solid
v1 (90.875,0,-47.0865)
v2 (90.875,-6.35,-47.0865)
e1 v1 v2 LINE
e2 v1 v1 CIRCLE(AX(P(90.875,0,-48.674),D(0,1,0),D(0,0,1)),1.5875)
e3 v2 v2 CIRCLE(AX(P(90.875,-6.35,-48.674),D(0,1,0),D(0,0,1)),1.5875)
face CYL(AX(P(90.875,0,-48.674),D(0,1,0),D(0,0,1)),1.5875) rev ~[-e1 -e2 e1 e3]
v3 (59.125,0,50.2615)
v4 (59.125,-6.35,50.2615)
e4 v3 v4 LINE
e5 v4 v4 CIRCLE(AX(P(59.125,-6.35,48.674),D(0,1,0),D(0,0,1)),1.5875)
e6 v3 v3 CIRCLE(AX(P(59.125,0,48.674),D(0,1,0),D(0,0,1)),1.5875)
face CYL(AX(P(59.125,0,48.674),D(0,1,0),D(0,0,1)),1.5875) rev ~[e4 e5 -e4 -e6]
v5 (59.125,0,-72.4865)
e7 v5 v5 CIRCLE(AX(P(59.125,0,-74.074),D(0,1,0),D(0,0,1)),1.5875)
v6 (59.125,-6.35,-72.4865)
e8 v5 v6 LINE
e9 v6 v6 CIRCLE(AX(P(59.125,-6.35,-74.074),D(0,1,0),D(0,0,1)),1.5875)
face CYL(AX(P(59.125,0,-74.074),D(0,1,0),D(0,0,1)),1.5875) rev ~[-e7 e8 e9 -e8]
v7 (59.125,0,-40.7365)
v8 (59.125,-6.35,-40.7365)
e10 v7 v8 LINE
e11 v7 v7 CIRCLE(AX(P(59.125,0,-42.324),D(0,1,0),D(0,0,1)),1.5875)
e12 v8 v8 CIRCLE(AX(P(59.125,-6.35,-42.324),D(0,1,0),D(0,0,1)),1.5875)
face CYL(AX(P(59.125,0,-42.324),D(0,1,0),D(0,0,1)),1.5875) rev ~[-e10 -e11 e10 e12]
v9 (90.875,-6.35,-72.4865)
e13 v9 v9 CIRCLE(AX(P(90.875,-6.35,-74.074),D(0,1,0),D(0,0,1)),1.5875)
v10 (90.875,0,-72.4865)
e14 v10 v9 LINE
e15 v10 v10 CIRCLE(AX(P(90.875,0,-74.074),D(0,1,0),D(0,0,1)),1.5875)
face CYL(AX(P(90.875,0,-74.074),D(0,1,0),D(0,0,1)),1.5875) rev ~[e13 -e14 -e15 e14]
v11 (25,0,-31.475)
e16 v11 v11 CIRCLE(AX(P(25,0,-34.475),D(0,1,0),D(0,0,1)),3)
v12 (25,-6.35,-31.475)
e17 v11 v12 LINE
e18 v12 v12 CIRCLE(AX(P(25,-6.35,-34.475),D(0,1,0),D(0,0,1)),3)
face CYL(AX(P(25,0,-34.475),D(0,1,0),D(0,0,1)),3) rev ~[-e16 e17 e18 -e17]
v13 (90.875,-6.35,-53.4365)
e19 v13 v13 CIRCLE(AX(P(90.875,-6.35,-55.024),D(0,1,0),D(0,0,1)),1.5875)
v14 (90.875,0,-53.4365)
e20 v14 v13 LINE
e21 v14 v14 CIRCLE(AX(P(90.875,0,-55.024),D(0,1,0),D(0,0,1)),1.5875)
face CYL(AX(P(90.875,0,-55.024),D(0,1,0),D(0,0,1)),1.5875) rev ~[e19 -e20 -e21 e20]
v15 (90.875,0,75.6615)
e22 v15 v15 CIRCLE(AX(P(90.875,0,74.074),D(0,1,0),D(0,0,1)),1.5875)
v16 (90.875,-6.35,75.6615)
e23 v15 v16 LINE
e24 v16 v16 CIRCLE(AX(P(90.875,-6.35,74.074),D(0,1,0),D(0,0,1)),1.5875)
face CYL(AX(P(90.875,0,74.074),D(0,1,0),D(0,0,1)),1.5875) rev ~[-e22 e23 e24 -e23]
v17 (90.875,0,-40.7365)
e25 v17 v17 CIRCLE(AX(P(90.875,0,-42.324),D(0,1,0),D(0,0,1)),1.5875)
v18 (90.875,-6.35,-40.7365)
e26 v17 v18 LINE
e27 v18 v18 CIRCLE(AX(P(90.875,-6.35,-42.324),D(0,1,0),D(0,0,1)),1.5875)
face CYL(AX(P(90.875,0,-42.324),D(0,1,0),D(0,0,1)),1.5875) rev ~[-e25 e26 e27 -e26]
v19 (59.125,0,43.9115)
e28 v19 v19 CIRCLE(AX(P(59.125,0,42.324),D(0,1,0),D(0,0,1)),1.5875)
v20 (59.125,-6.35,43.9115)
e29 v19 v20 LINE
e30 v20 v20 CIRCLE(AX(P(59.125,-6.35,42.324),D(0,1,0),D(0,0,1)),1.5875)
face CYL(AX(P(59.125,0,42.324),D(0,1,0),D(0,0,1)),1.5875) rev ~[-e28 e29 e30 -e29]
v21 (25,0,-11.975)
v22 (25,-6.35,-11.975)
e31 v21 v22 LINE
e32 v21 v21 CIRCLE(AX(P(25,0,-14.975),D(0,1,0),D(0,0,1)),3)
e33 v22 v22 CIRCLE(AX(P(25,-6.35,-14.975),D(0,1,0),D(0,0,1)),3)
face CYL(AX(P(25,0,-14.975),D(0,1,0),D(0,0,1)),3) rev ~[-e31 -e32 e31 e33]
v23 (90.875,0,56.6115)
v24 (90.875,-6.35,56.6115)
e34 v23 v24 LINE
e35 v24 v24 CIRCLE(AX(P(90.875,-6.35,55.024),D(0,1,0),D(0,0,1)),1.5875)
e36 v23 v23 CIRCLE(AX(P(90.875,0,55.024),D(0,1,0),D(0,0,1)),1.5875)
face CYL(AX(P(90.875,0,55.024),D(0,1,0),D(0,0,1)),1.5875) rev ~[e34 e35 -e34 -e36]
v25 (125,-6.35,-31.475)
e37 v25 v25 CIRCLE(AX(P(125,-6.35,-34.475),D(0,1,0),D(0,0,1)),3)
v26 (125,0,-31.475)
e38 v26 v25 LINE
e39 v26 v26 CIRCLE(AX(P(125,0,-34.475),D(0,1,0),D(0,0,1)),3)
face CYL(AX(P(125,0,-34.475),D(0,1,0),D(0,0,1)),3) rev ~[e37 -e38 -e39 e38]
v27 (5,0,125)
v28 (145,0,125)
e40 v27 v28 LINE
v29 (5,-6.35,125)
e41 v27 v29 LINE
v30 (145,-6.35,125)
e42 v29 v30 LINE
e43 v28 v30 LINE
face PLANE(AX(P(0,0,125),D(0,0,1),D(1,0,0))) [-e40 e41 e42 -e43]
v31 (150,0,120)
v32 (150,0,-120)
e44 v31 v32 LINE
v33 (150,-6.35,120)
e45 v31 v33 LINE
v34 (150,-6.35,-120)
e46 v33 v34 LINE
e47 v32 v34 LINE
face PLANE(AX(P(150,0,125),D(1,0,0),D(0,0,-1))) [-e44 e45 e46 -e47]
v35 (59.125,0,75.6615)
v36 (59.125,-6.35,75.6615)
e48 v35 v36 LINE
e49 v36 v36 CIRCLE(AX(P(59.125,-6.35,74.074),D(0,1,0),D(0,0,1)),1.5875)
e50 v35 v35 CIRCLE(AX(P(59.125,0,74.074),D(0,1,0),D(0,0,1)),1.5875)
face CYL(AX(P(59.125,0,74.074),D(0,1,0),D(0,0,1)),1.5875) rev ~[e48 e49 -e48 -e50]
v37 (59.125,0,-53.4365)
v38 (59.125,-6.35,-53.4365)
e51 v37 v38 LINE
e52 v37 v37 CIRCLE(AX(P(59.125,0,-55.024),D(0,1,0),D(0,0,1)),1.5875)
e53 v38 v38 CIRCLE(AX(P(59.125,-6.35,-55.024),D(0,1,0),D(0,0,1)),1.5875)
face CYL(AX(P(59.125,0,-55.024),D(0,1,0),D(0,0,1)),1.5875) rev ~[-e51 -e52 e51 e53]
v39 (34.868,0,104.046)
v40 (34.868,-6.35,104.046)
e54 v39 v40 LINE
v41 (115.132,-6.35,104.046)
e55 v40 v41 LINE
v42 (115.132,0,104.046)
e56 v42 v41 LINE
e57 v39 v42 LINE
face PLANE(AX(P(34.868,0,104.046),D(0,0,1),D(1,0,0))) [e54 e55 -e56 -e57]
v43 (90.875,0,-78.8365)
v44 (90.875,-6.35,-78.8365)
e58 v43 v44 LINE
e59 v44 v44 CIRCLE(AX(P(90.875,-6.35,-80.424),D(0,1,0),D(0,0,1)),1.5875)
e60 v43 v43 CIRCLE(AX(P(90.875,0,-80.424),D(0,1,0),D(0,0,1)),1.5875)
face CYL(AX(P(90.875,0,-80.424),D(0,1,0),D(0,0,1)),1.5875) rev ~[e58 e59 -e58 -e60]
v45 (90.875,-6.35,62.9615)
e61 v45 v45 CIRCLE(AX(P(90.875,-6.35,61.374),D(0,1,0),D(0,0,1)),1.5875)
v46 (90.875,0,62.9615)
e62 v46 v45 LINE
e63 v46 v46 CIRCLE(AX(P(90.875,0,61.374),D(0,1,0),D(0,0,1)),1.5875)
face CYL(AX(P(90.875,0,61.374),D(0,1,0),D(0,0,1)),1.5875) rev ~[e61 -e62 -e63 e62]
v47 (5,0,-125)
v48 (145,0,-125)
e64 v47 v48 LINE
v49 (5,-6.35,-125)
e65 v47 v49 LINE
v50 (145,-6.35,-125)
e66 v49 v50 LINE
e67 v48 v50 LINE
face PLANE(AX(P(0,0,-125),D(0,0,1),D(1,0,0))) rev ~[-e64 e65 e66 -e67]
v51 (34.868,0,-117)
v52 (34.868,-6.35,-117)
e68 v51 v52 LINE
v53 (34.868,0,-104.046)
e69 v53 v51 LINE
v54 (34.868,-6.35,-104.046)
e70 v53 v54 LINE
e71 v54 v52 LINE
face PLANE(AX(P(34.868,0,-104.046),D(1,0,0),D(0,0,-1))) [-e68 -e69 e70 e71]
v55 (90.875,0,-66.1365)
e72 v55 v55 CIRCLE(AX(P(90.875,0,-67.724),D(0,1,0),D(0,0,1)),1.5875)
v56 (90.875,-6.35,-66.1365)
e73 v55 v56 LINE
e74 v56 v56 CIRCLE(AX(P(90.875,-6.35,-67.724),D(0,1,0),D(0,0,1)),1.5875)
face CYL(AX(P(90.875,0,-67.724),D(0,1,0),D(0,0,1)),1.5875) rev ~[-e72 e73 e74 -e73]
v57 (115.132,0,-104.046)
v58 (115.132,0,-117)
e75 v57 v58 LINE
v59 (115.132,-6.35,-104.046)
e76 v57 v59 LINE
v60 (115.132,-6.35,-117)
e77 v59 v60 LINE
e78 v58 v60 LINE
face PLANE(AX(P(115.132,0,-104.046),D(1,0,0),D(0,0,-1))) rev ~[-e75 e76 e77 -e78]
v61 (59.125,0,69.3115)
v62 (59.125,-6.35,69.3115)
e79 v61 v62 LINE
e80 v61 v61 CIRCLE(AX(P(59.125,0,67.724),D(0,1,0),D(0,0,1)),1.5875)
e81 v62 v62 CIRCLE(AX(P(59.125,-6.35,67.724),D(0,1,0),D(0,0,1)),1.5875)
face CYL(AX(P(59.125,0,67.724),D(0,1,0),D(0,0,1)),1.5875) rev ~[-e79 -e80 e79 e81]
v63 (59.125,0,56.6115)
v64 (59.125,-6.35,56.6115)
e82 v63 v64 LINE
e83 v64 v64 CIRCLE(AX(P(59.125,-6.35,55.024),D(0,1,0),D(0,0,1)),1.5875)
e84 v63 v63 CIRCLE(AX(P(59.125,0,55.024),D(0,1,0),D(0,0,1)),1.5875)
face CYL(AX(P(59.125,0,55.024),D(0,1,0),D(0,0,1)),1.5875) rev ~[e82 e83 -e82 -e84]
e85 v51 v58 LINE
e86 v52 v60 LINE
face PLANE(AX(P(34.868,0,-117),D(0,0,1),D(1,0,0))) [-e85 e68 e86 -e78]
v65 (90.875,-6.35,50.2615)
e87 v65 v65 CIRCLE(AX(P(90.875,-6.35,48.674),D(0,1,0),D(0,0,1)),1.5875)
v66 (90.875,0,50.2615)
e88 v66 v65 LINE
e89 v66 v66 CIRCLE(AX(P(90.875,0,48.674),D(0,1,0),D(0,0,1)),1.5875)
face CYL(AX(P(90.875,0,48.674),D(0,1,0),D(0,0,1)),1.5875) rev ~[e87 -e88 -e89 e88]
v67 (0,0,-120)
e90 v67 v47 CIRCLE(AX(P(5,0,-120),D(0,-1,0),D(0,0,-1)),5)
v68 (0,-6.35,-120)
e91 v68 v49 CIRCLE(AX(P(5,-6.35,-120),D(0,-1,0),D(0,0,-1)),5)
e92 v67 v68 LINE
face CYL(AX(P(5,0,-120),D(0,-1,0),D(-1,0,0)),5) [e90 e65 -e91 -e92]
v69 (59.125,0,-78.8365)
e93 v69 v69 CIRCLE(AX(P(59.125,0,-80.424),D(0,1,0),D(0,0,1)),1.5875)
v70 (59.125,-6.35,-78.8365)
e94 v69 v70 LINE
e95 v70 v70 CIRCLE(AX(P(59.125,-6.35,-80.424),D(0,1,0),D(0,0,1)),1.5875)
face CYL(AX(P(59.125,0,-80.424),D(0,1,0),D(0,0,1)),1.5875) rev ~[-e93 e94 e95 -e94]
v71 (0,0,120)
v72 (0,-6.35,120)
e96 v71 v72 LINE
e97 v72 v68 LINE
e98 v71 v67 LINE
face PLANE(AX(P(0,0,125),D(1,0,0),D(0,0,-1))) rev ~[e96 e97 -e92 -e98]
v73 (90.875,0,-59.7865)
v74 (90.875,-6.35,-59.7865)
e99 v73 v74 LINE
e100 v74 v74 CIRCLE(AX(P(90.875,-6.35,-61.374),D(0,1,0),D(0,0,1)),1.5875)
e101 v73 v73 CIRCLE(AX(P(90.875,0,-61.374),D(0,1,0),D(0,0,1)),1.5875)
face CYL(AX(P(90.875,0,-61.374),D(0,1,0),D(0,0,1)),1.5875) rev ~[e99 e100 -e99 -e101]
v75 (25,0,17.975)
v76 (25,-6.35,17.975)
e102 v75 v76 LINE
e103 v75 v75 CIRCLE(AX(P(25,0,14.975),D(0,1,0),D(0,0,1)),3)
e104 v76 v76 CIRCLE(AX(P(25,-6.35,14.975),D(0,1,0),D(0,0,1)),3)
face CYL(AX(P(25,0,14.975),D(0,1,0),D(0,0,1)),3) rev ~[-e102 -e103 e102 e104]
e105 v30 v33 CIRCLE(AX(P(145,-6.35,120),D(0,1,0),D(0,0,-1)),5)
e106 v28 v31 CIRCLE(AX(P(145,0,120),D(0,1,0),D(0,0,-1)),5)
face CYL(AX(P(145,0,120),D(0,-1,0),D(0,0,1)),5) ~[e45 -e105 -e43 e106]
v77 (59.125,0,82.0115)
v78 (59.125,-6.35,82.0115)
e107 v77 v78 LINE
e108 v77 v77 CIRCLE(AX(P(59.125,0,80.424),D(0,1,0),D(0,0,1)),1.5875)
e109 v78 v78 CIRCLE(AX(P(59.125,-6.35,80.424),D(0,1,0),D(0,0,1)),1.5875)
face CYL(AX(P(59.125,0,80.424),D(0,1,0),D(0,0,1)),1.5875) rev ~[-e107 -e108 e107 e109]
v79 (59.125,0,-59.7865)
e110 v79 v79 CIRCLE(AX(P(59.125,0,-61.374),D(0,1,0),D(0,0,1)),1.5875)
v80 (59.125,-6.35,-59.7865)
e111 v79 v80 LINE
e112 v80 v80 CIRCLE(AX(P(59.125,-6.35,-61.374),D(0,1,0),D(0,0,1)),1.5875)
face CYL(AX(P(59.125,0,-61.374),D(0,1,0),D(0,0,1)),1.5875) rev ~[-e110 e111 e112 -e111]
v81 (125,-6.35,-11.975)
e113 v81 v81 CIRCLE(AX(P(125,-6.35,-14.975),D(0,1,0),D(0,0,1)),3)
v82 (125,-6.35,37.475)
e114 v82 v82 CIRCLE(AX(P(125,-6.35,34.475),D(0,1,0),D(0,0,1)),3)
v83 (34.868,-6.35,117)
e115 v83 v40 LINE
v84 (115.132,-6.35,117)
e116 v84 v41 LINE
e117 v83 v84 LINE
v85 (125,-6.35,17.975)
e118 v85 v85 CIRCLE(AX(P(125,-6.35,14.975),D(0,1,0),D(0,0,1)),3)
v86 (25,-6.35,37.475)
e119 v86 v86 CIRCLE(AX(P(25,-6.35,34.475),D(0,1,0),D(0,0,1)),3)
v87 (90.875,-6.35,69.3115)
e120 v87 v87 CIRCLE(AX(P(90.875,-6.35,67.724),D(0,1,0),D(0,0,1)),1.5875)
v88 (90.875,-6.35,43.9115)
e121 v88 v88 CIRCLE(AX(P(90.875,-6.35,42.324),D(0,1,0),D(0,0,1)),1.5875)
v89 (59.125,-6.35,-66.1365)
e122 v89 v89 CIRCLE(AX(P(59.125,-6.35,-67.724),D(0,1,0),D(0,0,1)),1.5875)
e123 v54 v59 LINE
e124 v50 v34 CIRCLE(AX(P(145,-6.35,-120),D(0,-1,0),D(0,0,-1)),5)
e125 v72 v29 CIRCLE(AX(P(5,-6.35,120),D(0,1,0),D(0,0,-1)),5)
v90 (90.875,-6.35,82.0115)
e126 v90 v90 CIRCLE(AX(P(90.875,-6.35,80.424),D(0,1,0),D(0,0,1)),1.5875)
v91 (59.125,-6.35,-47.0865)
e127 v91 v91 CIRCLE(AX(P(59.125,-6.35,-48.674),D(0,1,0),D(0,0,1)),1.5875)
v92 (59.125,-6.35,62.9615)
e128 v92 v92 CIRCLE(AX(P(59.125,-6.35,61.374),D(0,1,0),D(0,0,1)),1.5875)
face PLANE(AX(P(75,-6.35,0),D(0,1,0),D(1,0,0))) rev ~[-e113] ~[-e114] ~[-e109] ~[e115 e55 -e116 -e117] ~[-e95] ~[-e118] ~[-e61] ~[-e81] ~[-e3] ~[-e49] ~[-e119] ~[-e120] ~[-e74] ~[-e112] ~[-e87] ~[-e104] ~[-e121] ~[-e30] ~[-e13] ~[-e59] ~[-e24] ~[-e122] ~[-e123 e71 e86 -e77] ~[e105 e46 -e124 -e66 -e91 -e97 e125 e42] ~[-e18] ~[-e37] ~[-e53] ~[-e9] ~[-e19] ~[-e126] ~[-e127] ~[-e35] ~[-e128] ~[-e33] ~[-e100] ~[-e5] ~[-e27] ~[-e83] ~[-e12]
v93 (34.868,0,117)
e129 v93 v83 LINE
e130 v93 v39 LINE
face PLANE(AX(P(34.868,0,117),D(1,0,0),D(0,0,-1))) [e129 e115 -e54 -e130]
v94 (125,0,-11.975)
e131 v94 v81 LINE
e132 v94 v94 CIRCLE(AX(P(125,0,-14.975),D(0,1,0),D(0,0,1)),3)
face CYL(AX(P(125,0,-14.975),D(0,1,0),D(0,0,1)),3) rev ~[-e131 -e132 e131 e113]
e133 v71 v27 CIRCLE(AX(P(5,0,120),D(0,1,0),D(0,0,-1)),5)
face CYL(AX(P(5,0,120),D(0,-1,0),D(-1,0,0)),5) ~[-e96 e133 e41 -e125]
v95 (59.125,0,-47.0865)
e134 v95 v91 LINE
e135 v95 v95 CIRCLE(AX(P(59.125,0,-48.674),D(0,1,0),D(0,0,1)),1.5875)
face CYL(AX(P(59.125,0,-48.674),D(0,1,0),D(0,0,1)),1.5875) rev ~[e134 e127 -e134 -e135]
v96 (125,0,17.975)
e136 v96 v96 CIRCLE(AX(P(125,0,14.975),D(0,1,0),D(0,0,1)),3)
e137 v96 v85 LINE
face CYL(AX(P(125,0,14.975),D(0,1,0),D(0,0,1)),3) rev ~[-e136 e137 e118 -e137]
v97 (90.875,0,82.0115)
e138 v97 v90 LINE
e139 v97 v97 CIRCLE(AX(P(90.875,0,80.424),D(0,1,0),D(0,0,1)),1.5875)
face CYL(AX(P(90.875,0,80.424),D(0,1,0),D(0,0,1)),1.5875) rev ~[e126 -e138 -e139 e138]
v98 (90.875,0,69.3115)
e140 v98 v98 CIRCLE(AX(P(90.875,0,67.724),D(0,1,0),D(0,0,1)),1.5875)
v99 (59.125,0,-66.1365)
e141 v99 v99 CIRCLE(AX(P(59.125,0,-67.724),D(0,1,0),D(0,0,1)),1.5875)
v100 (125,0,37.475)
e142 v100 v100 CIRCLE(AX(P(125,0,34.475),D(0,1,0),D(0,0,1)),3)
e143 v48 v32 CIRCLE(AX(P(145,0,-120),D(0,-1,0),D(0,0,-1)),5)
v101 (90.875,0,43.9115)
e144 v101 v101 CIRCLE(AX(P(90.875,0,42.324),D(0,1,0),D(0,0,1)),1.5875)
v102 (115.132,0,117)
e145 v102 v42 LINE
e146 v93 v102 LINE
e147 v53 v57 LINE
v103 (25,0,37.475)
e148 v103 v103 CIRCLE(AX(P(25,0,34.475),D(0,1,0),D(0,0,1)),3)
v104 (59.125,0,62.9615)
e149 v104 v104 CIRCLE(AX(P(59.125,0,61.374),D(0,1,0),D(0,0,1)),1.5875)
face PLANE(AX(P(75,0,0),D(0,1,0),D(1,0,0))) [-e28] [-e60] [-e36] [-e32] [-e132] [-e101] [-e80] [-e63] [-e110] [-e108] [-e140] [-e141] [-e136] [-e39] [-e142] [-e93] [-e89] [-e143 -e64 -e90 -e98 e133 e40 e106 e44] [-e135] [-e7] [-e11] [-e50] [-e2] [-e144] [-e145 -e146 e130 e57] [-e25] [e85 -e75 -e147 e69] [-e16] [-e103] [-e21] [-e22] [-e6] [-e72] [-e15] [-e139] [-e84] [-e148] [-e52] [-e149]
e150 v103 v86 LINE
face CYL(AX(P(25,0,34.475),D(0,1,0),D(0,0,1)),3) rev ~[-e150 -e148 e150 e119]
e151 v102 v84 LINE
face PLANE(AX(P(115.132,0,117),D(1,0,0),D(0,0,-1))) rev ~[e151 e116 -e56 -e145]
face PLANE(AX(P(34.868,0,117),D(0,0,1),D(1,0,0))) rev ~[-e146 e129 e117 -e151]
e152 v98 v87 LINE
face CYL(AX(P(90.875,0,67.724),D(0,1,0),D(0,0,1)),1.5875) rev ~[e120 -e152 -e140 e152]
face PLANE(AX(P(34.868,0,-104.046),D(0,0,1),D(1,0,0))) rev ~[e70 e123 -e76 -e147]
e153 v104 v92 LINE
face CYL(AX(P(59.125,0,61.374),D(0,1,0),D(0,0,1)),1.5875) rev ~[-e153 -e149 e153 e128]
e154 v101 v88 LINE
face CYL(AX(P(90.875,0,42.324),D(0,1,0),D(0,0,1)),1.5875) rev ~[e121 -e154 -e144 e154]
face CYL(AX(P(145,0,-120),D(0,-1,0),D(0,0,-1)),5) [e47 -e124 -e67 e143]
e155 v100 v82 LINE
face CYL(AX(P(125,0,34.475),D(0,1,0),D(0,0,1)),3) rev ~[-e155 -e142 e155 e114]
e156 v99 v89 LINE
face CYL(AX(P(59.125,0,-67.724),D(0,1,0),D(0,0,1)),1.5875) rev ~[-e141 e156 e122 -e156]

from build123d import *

# Parameters (mm, degrees)
SKETCH1_W           = 150
SKETCH1_H           = 250
BOSS_EXTRUDE1_DEPTH = 6.35
SKETCH2_R           = 1.5875
SKETCH2_W           = 80.264
SKETCH2_H           = 12.954
CUT_EXTRUDE1_DEPTH  = 196.359469952
SKETCH3_R           = 3
CUT_EXTRUDE2_DEPTH  = 196.359469952
FILLET1_R           = 5


with BuildPart() as part:
    # Sketch1 → Boss-Extrude1 (new body)
    with BuildSketch(Plane(origin=(0, 0, 0), x_dir=(1, 0, 0), z_dir=(0, 1, 0))):
        with Locations((75, 0)):
            Rectangle(SKETCH1_W, SKETCH1_H)
    extrude(amount=-BOSS_EXTRUDE1_DEPTH)

    # Sketch2 → Cut-Extrude1 (cut, through all)
    with BuildSketch(Plane(origin=(0, 0, 0), x_dir=(1, 0, 0), z_dir=(0, 1, 0))):
        with Locations(Location((59.125, -80.424, 0), (0, 0, 270))):
            Circle(SKETCH2_R)
        with Locations(Location((59.125, -74.074, 0), (0, 0, 270))):
            Circle(SKETCH2_R)
        with Locations(Location((59.125, -67.724, 0), (0, 0, 270))):
            Circle(SKETCH2_R)
        with Locations(Location((59.125, -61.374, 0), (0, 0, 270))):
            Circle(SKETCH2_R)
        with Locations(Location((59.125, -55.024, 0), (0, 0, 270))):
            Circle(SKETCH2_R)
        with Locations(Location((59.125, -48.674, 0), (0, 0, 270))):
            Circle(SKETCH2_R)
        with Locations(Location((59.125, -42.324, 0), (0, 0, 270))):
            Circle(SKETCH2_R)
        with Locations(Location((90.875, -80.424, 0), (0, 0, 270))):
            Circle(SKETCH2_R)
        with Locations(Location((90.875, -74.074, 0), (0, 0, 270))):
            Circle(SKETCH2_R)
        with Locations(Location((90.875, -67.724, 0), (0, 0, 270))):
            Circle(SKETCH2_R)
        with Locations(Location((90.875, -61.374, 0), (0, 0, 270))):
            Circle(SKETCH2_R)
        with Locations(Location((90.875, -55.024, 0), (0, 0, 270))):
            Circle(SKETCH2_R)
        with Locations(Location((90.875, -48.674, 0), (0, 0, 270))):
            Circle(SKETCH2_R)
        with Locations(Location((90.875, -42.324, 0), (0, 0, 270))):
            Circle(SKETCH2_R)
        with Locations(Location((59.125, 80.424, 0), (0, 0, 270))):
            Circle(SKETCH2_R)
        with Locations(Location((59.125, 74.074, 0), (0, 0, 270))):
            Circle(SKETCH2_R)
        with Locations(Location((59.125, 67.724, 0), (0, 0, 270))):
            Circle(SKETCH2_R)
        with Locations(Location((59.125, 61.374, 0), (0, 0, 270))):
            Circle(SKETCH2_R)
        with Locations(Location((59.125, 55.024, 0), (0, 0, 270))):
            Circle(SKETCH2_R)
        with Locations(Location((59.125, 48.674, 0), (0, 0, 270))):
            Circle(SKETCH2_R)
        with Locations(Location((59.125, 42.324, 0), (0, 0, 270))):
            Circle(SKETCH2_R)
        with Locations(Location((90.875, 80.424, 0), (0, 0, 270))):
            Circle(SKETCH2_R)
        with Locations(Location((90.875, 74.074, 0), (0, 0, 270))):
            Circle(SKETCH2_R)
        with Locations(Location((90.875, 67.724, 0), (0, 0, 270))):
            Circle(SKETCH2_R)
        with Locations(Location((90.875, 61.374, 0), (0, 0, 270))):
            Circle(SKETCH2_R)
        with Locations(Location((90.875, 55.024, 0), (0, 0, 270))):
            Circle(SKETCH2_R)
        with Locations(Location((90.875, 48.674, 0), (0, 0, 270))):
            Circle(SKETCH2_R)
        with Locations(Location((90.875, 42.324, 0), (0, 0, 270))):
            Circle(SKETCH2_R)
        with Locations((75, -110.523)):
            Rectangle(SKETCH2_W, SKETCH2_H)
        with Locations((75, 110.523)):
            Rectangle(SKETCH2_W, SKETCH2_H)
    extrude(amount=-CUT_EXTRUDE1_DEPTH, mode=Mode.SUBTRACT)

    # Sketch3 → Cut-Extrude2 (cut, through all)
    with BuildSketch(Plane(origin=(0, 0, 0), x_dir=(1, 0, 0), z_dir=(0, 1, 0))):
        with Locations(Location((25, -14.975, 0), (0, 0, 270))):
            Circle(SKETCH3_R)
        with Locations(Location((25, -34.475, 0), (0, 0, 270))):
            Circle(SKETCH3_R)
        with Locations(Location((25, 14.975, 0), (0, 0, 270))):
            Circle(SKETCH3_R)
        with Locations(Location((25, 34.475, 0), (0, 0, 270))):
            Circle(SKETCH3_R)
        with Locations(Location((125, -14.975, 0), (0, 0, 270))):
            Circle(SKETCH3_R)
        with Locations(Location((125, -34.475, 0), (0, 0, 270))):
            Circle(SKETCH3_R)
        with Locations(Location((125, 14.975, 0), (0, 0, 270))):
            Circle(SKETCH3_R)
        with Locations(Location((125, 34.475, 0), (0, 0, 270))):
            Circle(SKETCH3_R)
    extrude(amount=-CUT_EXTRUDE2_DEPTH, mode=Mode.SUBTRACT)

    # Fillet1
    fillet1_edges = [part.edges().sort_by_distance(p)[0] for p in [
        (0, -3.175, -125),
        (150, -3.175, -125),
        (150, -3.175, 125),
        (0, -3.175, 125),
    ]]
    fillet(fillet1_edges, radius=FILLET1_R)


solid = part.part
